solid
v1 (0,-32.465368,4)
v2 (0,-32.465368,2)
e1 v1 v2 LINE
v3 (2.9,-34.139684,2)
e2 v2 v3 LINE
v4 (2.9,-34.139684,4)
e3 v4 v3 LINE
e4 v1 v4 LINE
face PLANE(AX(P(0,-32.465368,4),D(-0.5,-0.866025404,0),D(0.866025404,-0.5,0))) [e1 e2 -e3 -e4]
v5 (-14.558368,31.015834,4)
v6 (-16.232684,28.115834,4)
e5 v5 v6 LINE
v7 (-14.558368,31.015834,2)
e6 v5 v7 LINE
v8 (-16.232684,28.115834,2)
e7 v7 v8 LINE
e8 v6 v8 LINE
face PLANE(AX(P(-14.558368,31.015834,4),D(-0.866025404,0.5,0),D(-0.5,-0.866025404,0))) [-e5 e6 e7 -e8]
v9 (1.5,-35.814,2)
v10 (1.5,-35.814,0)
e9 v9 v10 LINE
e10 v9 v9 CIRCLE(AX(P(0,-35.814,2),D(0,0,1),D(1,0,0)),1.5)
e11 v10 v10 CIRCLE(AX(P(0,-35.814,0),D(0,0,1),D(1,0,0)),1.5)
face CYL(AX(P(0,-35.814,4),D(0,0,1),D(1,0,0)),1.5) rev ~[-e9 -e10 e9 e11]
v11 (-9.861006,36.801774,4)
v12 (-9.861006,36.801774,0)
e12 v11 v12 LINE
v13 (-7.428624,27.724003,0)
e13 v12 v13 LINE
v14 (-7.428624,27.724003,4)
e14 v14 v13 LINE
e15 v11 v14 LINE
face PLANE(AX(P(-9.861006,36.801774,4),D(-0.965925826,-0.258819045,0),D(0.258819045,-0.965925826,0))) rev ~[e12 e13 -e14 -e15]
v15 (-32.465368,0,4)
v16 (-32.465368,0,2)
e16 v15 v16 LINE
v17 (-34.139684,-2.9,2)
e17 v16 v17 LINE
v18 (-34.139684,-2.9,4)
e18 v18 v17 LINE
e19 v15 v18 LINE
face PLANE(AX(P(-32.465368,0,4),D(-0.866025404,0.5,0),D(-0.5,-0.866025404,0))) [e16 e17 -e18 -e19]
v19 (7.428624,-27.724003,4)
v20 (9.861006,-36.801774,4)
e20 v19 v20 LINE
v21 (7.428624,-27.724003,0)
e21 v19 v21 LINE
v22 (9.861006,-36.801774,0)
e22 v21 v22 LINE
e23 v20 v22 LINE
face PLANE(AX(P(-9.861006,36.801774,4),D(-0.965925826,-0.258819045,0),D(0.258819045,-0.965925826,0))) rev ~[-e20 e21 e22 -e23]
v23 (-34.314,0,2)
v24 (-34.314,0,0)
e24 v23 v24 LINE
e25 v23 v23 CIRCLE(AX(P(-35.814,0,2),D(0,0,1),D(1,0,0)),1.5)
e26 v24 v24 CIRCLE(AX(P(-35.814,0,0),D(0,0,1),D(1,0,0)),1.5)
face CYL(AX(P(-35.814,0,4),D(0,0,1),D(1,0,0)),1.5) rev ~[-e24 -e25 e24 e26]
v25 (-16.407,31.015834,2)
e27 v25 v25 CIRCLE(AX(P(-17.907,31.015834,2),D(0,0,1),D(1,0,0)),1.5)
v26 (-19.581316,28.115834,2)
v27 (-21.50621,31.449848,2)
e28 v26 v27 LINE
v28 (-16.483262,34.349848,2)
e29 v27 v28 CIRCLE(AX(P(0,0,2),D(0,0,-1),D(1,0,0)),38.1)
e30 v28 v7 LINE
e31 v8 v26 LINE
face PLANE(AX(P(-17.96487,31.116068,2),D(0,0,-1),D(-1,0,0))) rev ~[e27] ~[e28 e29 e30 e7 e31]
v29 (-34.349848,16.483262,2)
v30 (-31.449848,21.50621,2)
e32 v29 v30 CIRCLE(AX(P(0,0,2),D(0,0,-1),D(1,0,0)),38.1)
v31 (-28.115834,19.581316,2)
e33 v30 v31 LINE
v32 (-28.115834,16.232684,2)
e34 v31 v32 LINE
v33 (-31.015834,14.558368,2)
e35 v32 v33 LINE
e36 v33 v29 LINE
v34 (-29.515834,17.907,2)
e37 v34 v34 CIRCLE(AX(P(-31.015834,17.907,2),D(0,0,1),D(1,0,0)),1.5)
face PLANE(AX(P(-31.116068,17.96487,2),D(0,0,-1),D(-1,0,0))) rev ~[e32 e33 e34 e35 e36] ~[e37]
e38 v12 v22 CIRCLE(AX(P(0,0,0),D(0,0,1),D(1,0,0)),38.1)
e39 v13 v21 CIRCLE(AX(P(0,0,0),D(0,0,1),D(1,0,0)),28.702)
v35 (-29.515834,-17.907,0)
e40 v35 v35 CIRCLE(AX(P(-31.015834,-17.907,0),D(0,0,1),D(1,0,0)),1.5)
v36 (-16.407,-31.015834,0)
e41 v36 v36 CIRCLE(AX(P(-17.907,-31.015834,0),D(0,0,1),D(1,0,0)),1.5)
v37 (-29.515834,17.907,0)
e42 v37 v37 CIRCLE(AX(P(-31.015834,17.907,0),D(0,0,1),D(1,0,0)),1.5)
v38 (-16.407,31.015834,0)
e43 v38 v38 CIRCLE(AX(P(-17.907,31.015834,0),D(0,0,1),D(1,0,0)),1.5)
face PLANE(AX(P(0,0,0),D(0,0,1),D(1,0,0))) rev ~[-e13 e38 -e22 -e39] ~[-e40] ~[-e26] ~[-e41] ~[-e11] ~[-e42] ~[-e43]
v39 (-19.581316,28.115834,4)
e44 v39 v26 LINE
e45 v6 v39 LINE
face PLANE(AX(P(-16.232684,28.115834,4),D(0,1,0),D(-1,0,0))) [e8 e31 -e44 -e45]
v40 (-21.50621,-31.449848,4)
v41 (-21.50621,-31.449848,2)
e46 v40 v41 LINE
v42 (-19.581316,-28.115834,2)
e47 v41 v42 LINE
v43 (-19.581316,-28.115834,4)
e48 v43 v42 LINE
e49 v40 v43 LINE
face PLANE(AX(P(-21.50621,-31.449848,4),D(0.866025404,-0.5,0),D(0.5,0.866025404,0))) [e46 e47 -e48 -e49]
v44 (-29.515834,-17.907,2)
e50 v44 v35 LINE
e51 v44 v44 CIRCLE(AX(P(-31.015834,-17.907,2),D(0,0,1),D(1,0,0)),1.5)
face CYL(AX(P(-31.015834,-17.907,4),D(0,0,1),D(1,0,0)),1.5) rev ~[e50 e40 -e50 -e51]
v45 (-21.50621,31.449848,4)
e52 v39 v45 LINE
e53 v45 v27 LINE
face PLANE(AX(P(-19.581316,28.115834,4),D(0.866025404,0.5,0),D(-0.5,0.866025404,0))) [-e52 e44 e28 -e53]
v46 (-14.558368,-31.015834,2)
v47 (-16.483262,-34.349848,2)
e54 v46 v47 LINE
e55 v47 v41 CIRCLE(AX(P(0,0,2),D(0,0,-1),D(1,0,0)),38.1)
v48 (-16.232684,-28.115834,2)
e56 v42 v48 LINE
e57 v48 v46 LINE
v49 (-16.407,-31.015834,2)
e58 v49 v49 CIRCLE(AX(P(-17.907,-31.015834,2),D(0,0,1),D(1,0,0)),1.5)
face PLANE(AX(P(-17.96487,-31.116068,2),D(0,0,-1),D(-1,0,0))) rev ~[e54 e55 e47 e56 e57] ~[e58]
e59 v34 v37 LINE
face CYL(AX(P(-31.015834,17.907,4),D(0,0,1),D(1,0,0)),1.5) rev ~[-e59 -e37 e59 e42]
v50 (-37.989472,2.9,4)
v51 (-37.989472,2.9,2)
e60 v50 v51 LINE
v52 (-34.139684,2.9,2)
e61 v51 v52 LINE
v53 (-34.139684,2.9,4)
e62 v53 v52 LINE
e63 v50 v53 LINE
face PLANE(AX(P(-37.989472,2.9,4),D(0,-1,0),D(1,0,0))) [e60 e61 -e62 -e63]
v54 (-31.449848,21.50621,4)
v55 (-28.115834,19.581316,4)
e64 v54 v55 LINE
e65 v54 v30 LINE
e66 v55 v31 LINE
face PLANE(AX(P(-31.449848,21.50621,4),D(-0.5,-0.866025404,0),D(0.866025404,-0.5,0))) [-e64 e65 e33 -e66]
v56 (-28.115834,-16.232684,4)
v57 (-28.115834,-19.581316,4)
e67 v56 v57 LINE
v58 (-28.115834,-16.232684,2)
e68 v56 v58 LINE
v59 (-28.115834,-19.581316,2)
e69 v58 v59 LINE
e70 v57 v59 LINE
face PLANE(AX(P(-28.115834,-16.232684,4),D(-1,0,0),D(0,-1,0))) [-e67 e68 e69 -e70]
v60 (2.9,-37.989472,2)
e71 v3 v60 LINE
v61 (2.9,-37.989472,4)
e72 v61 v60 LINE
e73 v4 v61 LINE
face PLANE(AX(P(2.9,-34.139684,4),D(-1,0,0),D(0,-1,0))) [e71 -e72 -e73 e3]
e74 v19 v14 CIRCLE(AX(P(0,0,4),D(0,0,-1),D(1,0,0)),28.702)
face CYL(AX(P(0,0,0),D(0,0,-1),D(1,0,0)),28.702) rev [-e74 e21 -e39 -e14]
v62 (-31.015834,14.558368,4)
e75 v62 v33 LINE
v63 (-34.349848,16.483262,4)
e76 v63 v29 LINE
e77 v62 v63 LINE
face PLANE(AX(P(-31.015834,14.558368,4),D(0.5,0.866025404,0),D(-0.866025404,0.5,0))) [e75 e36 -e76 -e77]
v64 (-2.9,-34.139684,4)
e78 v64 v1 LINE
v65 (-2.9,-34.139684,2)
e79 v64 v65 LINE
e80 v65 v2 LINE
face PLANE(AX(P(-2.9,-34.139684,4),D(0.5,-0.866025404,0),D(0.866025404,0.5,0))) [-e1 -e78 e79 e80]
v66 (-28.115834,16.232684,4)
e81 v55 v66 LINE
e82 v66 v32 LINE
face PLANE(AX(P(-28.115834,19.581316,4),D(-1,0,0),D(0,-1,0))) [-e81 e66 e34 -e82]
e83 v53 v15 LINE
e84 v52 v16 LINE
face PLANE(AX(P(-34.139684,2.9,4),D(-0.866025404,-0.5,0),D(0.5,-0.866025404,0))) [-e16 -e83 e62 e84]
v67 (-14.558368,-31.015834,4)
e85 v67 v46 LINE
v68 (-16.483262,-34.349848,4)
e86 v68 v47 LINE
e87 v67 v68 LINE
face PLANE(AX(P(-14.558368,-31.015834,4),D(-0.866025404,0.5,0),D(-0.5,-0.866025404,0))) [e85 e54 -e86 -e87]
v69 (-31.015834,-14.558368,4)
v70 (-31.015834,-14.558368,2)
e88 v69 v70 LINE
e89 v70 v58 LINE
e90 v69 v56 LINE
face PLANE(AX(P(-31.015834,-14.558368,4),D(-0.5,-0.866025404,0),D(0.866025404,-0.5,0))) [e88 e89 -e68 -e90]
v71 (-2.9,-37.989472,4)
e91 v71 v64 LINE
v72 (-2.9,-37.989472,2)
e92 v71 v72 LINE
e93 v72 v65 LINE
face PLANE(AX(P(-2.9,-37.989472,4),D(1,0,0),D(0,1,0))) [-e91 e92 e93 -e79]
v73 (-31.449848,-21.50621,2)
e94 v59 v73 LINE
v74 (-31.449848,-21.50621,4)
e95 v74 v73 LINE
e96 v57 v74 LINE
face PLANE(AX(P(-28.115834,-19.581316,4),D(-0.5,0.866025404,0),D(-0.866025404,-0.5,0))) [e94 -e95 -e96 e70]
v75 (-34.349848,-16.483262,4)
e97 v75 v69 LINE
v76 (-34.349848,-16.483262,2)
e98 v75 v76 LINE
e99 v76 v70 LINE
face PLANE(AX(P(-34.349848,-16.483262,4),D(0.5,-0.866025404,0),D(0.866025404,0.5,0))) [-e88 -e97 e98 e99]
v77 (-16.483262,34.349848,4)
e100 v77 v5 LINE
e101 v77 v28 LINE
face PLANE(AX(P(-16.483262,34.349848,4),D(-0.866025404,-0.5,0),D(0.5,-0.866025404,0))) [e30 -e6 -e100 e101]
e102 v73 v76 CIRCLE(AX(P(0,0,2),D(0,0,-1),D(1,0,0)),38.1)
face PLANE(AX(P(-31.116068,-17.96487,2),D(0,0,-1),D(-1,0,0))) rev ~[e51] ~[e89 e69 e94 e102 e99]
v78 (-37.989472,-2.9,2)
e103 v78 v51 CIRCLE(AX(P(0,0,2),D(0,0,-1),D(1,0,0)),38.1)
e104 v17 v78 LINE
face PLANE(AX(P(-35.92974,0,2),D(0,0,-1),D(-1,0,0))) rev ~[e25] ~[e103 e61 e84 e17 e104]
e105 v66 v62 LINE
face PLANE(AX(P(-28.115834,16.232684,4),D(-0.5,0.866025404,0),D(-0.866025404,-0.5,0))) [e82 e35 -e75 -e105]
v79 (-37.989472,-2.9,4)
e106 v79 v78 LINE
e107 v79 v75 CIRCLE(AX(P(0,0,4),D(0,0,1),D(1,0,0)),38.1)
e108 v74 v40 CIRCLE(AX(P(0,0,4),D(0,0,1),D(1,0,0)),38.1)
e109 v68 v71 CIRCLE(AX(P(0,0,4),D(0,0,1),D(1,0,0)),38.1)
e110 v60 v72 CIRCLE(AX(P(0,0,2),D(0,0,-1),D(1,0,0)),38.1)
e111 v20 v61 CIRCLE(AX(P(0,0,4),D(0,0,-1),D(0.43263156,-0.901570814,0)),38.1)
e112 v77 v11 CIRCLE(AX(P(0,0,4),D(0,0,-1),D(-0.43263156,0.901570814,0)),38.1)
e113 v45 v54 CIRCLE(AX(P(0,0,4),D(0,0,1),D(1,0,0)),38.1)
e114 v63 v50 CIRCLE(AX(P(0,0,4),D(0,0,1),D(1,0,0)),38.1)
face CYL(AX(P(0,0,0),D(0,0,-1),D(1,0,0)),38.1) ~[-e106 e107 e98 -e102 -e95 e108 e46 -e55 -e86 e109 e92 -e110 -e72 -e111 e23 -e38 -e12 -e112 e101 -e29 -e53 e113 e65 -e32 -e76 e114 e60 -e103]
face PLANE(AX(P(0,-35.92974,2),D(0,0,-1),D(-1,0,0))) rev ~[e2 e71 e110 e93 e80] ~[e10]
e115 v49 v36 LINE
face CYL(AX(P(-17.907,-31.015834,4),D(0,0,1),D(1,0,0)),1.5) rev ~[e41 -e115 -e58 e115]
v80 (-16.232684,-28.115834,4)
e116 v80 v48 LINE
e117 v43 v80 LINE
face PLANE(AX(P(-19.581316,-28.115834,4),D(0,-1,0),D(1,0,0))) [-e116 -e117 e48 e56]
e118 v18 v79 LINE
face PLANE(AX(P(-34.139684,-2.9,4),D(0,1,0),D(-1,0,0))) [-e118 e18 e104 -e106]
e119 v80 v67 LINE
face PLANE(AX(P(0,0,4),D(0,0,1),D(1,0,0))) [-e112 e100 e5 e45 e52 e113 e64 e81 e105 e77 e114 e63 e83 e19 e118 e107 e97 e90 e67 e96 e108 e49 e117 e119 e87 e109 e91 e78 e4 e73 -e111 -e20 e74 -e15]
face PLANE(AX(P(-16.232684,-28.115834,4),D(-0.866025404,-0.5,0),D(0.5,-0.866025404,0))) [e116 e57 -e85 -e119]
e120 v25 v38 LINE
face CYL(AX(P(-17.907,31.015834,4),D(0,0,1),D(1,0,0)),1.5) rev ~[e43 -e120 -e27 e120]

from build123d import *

# Parameters (mm, degrees)
SKETCH1_R               = 38.1
SKETCH1_R_2             = 28.702
BOSS_EXTRUDE1_DEPTH     = 4
SKETCH2_R               = 1.5
CUT_EXTRUDE1_DEPTH      = 5
CUT_EXTRUDE2_DEPTH      = 2
CUT_EXTRUDE3_DEPTH      = 1
CUT_EXTRUDE3_DEPTH_BACK = 5


with BuildPart() as part:
    # Sketch1 → Boss-Extrude1 (new body)
    with BuildSketch(Plane.XY):
        Circle(SKETCH1_R)
        Circle(SKETCH1_R_2, mode=Mode.SUBTRACT)
    extrude(amount=BOSS_EXTRUDE1_DEPTH)

    # Sketch2 → Cut-Extrude1 (cut, through all)
    with BuildSketch(Plane.XY.offset(4)):
        with Locations((0, 35.814)):
            Circle(SKETCH2_R)
        with Locations((17.907, 31.015833811)):
            Circle(SKETCH2_R)
        with Locations((31.015833811, 17.907)):
            Circle(SKETCH2_R)
        with Locations((35.814, 0)):
            Circle(SKETCH2_R)
        with Locations((31.015833811, -17.907)):
            Circle(SKETCH2_R)
        with Locations((17.907, -31.015833811)):
            Circle(SKETCH2_R)
        with Locations((0, -35.814)):
            Circle(SKETCH2_R)
        with Locations((-17.907, -31.015833811)):
            Circle(SKETCH2_R)
        with Locations((-31.015833811, -17.907)):
            Circle(SKETCH2_R)
        with Locations((-35.814, 0)):
            Circle(SKETCH2_R)
        with Locations((-31.015833811, 17.907)):
            Circle(SKETCH2_R)
        with Locations((-17.907, 31.015833811)):
            Circle(SKETCH2_R)
    extrude(amount=-CUT_EXTRUDE1_DEPTH, mode=Mode.SUBTRACT)

    # Sketch3 → Cut-Extrude2 (cut)
    with BuildSketch(Plane.XY.offset(4)):
        Polygon((-2.9, 37.989472226), (0, 39.162631561), (2.9, 37.989472226), (2.9, 34.139684219), (0, 32.465368439), (-2.9, 34.139684219), align=None)
        Polygon((16.483262442, 34.349848024), (19.581315781, 33.915833811), (21.506209784, 31.449848024), (19.581315781, 28.115833811), (16.232684219, 28.115833811), (14.558368439, 31.015833811), align=None)
        Polygon((31.449848024, 21.506209784), (33.915833811, 19.581315781), (34.349848024, 16.483262442), (31.015833811, 14.558368439), (28.115833811, 16.232684219), (28.115833811, 19.581315781), align=None)
        Polygon((37.989472226, 2.9), (39.162631561, 0), (37.989472226, -2.9), (34.139684219, -2.9), (32.465368439, 0), (34.139684219, 2.9), align=None)
        Polygon((34.349848024, -16.483262442), (33.915833811, -19.581315781), (31.449848024, -21.506209784), (28.115833811, -19.581315781), (28.115833811, -16.232684219), (31.015833811, -14.558368439), align=None)
        Polygon((21.506209784, -31.449848024), (19.581315781, -33.915833811), (16.483262442, -34.349848024), (14.558368439, -31.015833811), (16.232684219, -28.115833811), (19.581315781, -28.115833811), align=None)
        Polygon((2.9, -37.989472226), (0, -39.162631561), (-2.9, -37.989472226), (-2.9, -34.139684219), (0, -32.465368439), (2.9, -34.139684219), align=None)
        Polygon((-16.483262442, -34.349848024), (-19.581315781, -33.915833811), (-21.506209784, -31.449848024), (-19.581315781, -28.115833811), (-16.232684219, -28.115833811), (-14.558368439, -31.015833811), align=None)
        Polygon((-31.449848024, -21.506209784), (-33.915833811, -19.581315781), (-34.349848024, -16.483262442), (-31.015833811, -14.558368439), (-28.115833811, -16.232684219), (-28.115833811, -19.581315781), align=None)
        Polygon((-37.989472226, -2.9), (-39.162631561, 0), (-37.989472226, 2.9), (-34.139684219, 2.9), (-32.465368439, 0), (-34.139684219, -2.9), align=None)
        Polygon((-34.349848024, 16.483262442), (-33.915833811, 19.581315781), (-31.449848024, 21.506209784), (-28.115833811, 19.581315781), (-28.115833811, 16.232684219), (-31.015833811, 14.558368439), align=None)
        Polygon((-21.506209784, 31.449848024), (-19.581315781, 33.915833811), (-16.483262442, 34.349848024), (-14.558368439, 31.015833811), (-16.232684219, 28.115833811), (-19.581315781, 28.115833811), align=None)
    extrude(amount=-CUT_EXTRUDE2_DEPTH, mode=Mode.SUBTRACT)

    # Sketch4 → Cut-Extrude3 (cut, two sides)
    with BuildSketch(Plane.XY.offset(4)) as cut_extrude3_sk:
        with BuildLine():
            Line((-9.861005618, 36.801773982), (9.861005618, -36.801773982))
            ThreePointArc((9.861005618, -36.801773982), (36.801773982, 9.861005618), (-9.861005618, 36.801773982))
        make_face()
    extrude(amount=CUT_EXTRUDE3_DEPTH, mode=Mode.SUBTRACT)
    extrude(cut_extrude3_sk.sketch, amount=-CUT_EXTRUDE3_DEPTH_BACK, mode=Mode.SUBTRACT)


solid = part.part
